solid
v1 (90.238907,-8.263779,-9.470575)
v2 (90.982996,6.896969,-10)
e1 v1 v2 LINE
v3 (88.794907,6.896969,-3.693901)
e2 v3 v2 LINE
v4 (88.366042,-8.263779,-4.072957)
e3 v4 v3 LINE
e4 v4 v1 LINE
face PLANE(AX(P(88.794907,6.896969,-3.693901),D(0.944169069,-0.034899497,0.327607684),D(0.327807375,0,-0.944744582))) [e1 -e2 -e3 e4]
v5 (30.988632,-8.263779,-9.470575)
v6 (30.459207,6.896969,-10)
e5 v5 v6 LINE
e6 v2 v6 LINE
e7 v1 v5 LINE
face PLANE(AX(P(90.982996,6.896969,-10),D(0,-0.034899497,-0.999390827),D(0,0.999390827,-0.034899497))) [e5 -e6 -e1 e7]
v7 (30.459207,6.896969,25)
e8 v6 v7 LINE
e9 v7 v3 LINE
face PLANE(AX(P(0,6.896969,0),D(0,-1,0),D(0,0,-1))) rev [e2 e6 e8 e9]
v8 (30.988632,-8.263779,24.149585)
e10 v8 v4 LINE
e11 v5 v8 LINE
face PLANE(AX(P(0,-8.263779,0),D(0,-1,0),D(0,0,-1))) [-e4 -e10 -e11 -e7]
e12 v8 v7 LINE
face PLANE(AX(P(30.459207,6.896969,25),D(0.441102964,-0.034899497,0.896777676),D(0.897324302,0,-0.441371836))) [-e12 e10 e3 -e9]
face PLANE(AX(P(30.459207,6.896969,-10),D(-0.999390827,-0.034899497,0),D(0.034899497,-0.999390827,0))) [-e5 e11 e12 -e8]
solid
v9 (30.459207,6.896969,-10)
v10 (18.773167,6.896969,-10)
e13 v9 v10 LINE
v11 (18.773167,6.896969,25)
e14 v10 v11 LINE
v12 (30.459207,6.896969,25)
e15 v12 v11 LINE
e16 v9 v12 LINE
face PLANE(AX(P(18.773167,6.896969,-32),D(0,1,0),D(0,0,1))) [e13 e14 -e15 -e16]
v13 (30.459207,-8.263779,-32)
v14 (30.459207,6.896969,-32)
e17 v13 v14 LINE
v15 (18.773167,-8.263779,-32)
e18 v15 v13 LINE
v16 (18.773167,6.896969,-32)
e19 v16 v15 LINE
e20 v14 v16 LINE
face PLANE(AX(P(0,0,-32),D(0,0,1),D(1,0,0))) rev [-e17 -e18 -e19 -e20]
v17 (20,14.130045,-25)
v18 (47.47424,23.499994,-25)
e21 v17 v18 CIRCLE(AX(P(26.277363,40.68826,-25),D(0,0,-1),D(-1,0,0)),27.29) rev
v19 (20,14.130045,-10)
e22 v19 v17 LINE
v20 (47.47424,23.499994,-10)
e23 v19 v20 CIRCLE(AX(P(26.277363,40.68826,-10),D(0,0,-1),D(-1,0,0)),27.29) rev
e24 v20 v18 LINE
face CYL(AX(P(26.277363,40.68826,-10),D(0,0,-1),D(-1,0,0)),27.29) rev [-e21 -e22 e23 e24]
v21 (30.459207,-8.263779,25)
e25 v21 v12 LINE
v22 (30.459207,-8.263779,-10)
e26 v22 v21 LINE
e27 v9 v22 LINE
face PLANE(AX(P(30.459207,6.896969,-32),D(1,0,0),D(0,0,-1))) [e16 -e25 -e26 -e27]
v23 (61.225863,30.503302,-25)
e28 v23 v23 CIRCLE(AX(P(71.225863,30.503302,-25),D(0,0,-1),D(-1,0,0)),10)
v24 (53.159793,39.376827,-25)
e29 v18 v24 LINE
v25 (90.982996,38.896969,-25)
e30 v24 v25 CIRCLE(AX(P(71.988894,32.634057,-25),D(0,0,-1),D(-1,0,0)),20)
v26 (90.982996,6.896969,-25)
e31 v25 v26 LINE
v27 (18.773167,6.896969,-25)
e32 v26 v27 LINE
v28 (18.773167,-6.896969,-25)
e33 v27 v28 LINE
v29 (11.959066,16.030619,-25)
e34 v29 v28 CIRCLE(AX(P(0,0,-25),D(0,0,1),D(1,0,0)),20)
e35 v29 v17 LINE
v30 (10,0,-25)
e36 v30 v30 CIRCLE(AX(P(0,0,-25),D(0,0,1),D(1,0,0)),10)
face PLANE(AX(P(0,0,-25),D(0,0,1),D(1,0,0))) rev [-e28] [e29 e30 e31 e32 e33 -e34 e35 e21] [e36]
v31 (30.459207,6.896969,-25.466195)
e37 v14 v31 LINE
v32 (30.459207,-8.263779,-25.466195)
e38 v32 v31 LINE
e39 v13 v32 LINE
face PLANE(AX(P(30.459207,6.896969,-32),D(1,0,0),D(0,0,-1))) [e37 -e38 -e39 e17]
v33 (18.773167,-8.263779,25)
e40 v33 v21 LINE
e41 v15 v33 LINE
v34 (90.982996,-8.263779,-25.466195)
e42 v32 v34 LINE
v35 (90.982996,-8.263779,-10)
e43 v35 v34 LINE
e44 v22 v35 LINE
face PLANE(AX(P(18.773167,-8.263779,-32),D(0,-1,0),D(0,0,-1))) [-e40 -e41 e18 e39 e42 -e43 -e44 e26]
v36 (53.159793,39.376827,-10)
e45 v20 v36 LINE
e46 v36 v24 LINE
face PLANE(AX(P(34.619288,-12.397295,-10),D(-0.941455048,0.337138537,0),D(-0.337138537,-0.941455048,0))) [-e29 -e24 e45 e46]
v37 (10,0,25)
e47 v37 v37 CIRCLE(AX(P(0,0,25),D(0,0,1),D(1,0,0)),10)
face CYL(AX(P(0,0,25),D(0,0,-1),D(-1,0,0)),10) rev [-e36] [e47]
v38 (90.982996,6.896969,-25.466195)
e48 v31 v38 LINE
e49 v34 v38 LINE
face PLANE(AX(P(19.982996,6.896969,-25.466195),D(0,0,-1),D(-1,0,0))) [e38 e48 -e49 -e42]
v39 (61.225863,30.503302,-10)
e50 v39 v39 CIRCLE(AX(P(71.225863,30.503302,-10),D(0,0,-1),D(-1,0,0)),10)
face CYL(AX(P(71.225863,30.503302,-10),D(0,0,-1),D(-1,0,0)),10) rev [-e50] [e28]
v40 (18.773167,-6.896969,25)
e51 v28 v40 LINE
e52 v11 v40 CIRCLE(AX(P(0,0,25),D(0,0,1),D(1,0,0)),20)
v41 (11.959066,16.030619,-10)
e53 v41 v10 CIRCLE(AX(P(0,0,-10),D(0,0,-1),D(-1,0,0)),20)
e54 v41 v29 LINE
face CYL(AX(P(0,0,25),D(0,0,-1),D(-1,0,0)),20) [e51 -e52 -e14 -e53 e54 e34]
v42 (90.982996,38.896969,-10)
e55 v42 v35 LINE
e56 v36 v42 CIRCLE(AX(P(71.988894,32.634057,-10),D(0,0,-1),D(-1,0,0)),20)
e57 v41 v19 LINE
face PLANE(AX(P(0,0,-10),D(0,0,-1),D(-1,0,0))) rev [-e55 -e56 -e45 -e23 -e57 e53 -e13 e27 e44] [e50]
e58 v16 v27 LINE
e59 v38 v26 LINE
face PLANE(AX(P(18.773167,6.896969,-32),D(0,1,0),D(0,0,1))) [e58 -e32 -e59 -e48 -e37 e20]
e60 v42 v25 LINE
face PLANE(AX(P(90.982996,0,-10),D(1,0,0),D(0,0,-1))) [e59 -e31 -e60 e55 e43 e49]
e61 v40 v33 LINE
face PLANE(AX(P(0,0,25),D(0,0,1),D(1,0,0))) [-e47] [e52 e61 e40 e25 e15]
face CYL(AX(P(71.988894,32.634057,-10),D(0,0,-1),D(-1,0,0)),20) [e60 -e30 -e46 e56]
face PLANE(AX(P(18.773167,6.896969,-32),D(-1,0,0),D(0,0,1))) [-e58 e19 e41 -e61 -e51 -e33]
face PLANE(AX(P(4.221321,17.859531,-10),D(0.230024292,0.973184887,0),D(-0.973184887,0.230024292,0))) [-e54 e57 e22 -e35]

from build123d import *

# Parameters (mm, degrees)
SKETCH1_R           = 20
SKETCH1_R_2         = 10
BOSS_EXTRUDE1_DEPTH = 25
SKETCH3_R           = 10
BOSS_EXTRUDE2_DEPTH = 15
SKETCH5_W           = 11.686039437
SKETCH5_H           = 15.160748225
BOSS_EXTRUDE4_DEPTH = 57
BOSS_EXTRUDE7_DEPTH = 15.160748
BOSS_EXTRUDE7_TAPER = 2
SKETCH9_W           = 15.466194976
SKETCH9_H           = 15.160748225
BOSS_EXTRUDE8_DEPTH = 71


with BuildPart() as part:
    # Sketch1 → Boss-Extrude1 (new body, symmetric)
    with BuildSketch(Plane.XY):
        Circle(SKETCH1_R)
        Circle(SKETCH1_R_2, mode=Mode.SUBTRACT)
    extrude(amount=BOSS_EXTRUDE1_DEPTH, both=True)

    # Sketch3 → Boss-Extrude2 (add)
    with BuildSketch(Plane(origin=(0, 0, -25), x_dir=(-1, 0, 0), z_dir=(0, 0, -1))):
        with BuildLine():
            ThreePointArc((-18.773167468, 6.896969133), (-16.030390847, 11.959371609), (-11.959065832, 16.030618966))
            Line((-11.959065832, 16.030618966), (-20, 14.130044659))
            ThreePointArc((-20, 14.130044659), (-35.086276942, 14.859068724), (-47.474240285, 23.499994155))
            Line((-47.474240285, 23.499994155), (-53.159793003, 39.376827298))
            ThreePointArc((-53.159793003, 39.376827298), (-72.24261099, 52.632447176), (-90.982996354, 38.896969133))
            Line((-90.982996354, 38.896969133), (-90.982996354, 6.896969133))
            Line((-90.982996354, 6.896969133), (-18.773167468, 6.896969133))
        make_face()
        with Locations((-71.225862734, 30.503301639)):
            Circle(SKETCH3_R, mode=Mode.SUBTRACT)
    extrude(amount=-BOSS_EXTRUDE2_DEPTH)

    # Sketch5 → Boss-Extrude4 (add)
    with BuildSketch(Plane.XY.offset(25)):
        with Locations((24.616187186, -0.683404979)):
            Rectangle(SKETCH5_W, SKETCH5_H)
    extrude(amount=-BOSS_EXTRUDE4_DEPTH)

    # Sketch9 → Boss-Extrude8 (add)
    with BuildSketch(Plane(origin=(90.982996354, 0, 0), x_dir=(0, 0, -1), z_dir=(1, 0, 0))):
        with Locations((17.733097488, -0.683404979)):
            Rectangle(SKETCH9_W, SKETCH9_H)
    extrude(amount=-BOSS_EXTRUDE8_DEPTH)


with BuildPart() as body_2:
    # Sketch8 → Boss-Extrude7 (new body)
    with BuildSketch(Plane(origin=(0, 6.896969133, 0), x_dir=(1, 0, 0), z_dir=(0, 1, 0))):
        Polygon((30.459206905, -25), (88.794906921, 3.693901382), (90.982996354, 10), (30.459206905, 10), align=None)
    extrude(amount=-BOSS_EXTRUDE7_DEPTH, taper=BOSS_EXTRUDE7_TAPER)


solid = Compound([part.part, body_2.part])
